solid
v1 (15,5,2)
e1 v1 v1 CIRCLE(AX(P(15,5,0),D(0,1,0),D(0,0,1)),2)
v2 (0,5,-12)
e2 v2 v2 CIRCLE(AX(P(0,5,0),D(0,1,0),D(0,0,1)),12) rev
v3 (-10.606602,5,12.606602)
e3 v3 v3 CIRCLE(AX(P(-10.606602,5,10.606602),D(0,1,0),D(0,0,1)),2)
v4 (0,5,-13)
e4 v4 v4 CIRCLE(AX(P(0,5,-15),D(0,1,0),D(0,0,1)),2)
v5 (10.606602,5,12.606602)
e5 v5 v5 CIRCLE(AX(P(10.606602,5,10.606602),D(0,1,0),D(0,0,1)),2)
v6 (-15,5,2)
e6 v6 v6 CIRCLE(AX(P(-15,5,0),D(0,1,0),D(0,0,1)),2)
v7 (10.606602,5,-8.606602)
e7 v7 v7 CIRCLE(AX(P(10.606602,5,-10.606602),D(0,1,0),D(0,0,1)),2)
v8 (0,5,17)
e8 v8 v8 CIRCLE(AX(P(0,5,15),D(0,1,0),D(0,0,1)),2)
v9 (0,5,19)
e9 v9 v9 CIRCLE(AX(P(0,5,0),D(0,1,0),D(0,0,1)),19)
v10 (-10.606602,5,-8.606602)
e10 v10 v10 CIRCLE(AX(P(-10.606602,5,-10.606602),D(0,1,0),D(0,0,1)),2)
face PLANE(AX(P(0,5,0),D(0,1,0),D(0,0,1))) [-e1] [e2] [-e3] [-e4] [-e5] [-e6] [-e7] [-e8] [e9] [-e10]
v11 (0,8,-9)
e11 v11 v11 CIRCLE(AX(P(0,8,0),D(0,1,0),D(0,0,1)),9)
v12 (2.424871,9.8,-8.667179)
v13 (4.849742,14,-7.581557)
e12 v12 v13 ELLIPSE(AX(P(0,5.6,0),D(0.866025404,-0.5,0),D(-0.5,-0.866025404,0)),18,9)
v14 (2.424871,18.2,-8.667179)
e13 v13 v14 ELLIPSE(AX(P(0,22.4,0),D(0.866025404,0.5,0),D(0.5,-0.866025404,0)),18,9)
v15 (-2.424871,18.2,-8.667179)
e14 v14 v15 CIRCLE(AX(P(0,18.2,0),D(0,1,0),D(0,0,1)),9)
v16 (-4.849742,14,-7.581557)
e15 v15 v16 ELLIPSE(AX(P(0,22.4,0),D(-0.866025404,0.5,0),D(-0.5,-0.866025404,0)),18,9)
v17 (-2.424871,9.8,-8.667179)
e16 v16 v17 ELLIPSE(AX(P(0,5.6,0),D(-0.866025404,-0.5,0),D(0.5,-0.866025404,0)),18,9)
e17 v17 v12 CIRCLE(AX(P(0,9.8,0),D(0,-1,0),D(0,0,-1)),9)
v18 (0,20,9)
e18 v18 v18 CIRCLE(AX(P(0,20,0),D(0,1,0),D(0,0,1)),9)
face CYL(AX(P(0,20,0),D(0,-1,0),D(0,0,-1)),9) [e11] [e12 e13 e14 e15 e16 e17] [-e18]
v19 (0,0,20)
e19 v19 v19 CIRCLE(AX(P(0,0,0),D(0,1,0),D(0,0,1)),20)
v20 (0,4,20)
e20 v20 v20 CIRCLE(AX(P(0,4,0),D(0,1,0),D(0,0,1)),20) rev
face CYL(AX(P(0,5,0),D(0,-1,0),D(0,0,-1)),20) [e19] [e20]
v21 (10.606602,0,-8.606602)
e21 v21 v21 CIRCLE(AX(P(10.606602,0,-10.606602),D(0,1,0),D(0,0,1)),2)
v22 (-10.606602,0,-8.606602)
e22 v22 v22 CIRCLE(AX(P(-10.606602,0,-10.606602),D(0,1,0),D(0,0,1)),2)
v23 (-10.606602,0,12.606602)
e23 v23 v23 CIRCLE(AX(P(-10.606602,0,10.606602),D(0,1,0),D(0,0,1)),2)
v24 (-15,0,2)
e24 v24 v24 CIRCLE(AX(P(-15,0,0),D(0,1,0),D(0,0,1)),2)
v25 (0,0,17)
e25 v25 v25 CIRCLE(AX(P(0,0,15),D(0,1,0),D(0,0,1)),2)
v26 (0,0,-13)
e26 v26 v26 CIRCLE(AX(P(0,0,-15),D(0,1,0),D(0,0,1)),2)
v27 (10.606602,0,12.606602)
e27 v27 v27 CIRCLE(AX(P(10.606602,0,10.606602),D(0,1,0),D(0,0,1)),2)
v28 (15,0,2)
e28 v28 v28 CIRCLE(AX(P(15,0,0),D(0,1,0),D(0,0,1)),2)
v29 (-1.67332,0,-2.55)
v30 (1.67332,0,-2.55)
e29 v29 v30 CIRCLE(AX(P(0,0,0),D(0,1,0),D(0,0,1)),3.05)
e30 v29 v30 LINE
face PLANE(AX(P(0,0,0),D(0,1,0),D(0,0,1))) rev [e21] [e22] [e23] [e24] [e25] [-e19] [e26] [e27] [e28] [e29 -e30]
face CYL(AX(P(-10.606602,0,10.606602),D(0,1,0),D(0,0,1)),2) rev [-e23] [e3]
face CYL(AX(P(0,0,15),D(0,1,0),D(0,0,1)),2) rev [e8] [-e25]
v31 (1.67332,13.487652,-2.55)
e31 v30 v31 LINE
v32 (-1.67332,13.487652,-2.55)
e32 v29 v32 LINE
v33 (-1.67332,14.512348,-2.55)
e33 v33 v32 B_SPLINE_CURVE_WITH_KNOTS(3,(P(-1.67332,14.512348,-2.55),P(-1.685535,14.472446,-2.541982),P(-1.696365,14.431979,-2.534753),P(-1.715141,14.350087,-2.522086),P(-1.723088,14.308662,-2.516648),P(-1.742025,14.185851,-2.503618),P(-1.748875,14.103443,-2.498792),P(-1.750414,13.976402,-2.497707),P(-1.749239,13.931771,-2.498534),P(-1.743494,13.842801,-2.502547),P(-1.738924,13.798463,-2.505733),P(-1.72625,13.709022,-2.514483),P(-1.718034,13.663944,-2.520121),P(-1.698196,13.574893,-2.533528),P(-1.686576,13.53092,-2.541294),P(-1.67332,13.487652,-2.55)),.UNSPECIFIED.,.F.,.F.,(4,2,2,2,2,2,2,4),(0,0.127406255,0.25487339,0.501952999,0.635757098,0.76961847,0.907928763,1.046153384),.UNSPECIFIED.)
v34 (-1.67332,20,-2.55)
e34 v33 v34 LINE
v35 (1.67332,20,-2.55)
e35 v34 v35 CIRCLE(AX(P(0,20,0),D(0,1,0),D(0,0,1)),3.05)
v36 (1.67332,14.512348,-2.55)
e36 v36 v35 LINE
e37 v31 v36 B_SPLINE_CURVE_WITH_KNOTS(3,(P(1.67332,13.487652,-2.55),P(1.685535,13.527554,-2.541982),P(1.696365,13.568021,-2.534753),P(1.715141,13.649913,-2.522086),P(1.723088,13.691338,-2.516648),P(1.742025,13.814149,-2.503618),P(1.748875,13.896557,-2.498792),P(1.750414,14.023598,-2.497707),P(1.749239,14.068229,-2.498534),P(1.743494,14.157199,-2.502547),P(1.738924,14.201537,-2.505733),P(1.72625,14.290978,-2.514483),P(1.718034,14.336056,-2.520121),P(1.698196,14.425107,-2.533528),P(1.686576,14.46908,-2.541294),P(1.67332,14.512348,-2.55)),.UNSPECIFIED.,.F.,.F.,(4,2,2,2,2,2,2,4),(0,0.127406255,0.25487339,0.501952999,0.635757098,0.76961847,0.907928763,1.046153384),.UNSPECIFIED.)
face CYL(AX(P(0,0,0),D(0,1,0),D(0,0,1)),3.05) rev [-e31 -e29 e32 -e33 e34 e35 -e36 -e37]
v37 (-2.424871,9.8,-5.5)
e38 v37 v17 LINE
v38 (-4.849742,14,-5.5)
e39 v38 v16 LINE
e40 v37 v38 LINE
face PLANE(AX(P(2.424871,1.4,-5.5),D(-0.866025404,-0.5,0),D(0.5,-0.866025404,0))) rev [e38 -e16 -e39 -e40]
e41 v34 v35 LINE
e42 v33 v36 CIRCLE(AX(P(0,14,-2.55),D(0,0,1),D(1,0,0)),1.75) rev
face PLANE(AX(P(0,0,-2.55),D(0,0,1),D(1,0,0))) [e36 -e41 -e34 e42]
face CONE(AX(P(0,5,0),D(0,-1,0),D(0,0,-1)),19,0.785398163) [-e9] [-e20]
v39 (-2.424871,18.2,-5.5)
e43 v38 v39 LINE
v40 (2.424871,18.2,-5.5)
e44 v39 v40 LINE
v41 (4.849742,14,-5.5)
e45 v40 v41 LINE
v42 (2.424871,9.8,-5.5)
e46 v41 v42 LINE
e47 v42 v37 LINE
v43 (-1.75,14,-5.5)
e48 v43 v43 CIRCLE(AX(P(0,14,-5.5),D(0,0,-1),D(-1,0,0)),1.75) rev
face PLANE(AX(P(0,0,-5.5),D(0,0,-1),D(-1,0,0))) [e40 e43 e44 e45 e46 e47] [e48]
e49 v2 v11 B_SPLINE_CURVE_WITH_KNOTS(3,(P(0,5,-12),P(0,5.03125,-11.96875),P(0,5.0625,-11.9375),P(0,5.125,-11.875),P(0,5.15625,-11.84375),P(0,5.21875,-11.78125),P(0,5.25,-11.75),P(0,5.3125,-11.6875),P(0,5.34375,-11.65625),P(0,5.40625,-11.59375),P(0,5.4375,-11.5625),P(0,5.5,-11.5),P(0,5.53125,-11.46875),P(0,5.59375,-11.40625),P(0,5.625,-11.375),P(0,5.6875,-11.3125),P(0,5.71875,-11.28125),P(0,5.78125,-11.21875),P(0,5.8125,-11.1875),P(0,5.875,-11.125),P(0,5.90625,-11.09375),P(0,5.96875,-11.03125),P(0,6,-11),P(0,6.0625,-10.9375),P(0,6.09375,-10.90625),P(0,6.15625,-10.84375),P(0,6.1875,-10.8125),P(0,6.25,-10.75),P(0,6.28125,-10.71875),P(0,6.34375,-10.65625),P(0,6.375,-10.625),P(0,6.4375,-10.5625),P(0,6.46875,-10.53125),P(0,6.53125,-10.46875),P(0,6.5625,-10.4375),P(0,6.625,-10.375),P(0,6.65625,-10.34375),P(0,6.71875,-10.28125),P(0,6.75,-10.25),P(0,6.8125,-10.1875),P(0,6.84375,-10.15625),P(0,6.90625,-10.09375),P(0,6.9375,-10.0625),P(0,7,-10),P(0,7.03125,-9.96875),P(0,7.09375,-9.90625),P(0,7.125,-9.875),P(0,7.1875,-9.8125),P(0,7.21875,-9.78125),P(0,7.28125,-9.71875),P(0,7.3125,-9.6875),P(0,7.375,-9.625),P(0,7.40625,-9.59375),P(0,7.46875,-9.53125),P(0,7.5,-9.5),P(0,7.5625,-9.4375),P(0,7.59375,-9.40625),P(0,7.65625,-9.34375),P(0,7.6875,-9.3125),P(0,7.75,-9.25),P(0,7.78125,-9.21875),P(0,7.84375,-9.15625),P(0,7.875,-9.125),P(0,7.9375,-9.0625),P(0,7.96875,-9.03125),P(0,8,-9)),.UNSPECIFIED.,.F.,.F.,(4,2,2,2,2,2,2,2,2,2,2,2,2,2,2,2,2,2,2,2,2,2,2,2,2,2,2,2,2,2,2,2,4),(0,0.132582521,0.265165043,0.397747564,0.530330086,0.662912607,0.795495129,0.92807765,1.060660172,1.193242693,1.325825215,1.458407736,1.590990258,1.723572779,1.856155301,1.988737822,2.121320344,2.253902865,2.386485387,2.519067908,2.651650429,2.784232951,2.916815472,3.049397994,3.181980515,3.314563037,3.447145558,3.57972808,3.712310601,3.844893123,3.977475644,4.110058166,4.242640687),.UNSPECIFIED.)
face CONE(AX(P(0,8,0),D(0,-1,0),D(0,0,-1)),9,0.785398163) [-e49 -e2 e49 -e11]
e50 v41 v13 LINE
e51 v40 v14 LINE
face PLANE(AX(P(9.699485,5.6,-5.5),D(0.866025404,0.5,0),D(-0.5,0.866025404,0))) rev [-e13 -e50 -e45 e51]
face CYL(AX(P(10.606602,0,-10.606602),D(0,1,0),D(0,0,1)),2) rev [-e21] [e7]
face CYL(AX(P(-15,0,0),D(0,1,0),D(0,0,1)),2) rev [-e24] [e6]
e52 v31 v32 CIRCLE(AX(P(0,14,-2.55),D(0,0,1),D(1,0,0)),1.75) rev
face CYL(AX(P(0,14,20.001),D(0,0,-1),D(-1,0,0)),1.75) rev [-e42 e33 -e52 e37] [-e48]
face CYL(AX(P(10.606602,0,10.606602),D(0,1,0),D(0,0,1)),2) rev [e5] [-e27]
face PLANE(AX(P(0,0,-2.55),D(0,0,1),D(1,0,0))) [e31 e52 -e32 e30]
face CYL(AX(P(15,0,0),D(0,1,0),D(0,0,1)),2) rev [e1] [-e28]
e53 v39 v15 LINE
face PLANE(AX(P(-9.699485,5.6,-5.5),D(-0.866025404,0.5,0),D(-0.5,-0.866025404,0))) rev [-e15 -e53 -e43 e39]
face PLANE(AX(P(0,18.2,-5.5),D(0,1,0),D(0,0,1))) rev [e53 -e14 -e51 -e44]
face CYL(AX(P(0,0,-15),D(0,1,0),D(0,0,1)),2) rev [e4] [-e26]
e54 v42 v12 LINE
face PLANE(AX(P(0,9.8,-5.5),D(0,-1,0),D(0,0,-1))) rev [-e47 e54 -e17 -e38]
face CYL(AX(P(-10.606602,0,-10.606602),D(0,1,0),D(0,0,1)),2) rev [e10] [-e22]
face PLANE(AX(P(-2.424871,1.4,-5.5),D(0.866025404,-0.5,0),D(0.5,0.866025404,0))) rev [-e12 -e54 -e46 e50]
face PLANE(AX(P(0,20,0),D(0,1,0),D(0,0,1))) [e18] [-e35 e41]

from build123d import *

# Parameters (mm, degrees)
SKETCH1_R           = 20
BOSS_EXTRUDE1_DEPTH = 5
SKETCH2_R           = 2
CUT_EXTRUDE1_DEPTH  = 29.722813233
SKETCH3_R           = 9
BOSS_EXTRUDE2_DEPTH = 15
CUT_EXTRUDE2_DEPTH  = 35.641016151
CHAMFER3_SIZE       = 3
CHAMFER4_SIZE       = 1
CUT_EXTRUDE7_DEPTH  = 3.5
CUT_EXTRUDE8_REACH  = 42.509
SKETCH10_3_R        = 1.75


with BuildPart() as part:
    # Sketch1 → Boss-Extrude1 (new body)
    with BuildSketch(Plane(origin=(0, 0, 0), x_dir=(1, 0, 0), z_dir=(0, 1, 0))):
        Circle(SKETCH1_R)
    extrude(amount=BOSS_EXTRUDE1_DEPTH)

    # Sketch2 → Cut-Extrude1 (cut, through all)
    with BuildSketch(Plane(origin=(0, 5, 0), x_dir=(1, 0, 0), z_dir=(0, 1, 0))):
        with Locations((0, 15)):
            Circle(SKETCH2_R)
        with Locations((10.606601718, 10.606601718)):
            Circle(SKETCH2_R)
        with Locations((15, 0)):
            Circle(SKETCH2_R)
        with Locations((10.606601718, -10.606601718)):
            Circle(SKETCH2_R)
        with Locations((0, -15)):
            Circle(SKETCH2_R)
        with Locations((-10.606601718, -10.606601718)):
            Circle(SKETCH2_R)
        with Locations((-15, 0)):
            Circle(SKETCH2_R)
        with Locations((-10.606601718, 10.606601718)):
            Circle(SKETCH2_R)
    extrude(amount=-CUT_EXTRUDE1_DEPTH, mode=Mode.SUBTRACT)

    # Sketch3 → Boss-Extrude2 (add)
    with BuildSketch(Plane(origin=(0, 5, 0), x_dir=(1, 0, 0), z_dir=(0, 1, 0))):
        Circle(SKETCH3_R)
    extrude(amount=BOSS_EXTRUDE2_DEPTH)

    # Sketch4 → Cut-Extrude2 (cut, through all)
    with BuildSketch(Plane(origin=(0, 20, 0), x_dir=(1, 0, 0), z_dir=(0, 1, 0))):
        with BuildLine():
            Line((1.673320053, 2.55), (-1.673320053, 2.55))
            ThreePointArc((-1.673320053, 2.55), (-1.44894338, -2.683852284), (3.05, 0))
            ThreePointArc((3.05, 0), (2.683852284, 1.44894338), (1.673320053, 2.55))
        make_face()
    extrude(amount=-CUT_EXTRUDE2_DEPTH, mode=Mode.SUBTRACT)

    # Chamfer3
    chamfer3_edges = [part.edges().sort_by_distance(p)[0] for p in [
        (-9, 5, 0),
    ]]
    chamfer(chamfer3_edges, length=CHAMFER3_SIZE)

    # Chamfer4
    chamfer4_edges = [part.edges().sort_by_distance(p)[0] for p in [
        (-20, 5, 0),
    ]]
    chamfer(chamfer4_edges, length=CHAMFER4_SIZE)

    # Sketch10 → Cut-Extrude7 (cut)
    with BuildSketch(Plane(origin=(0, 0, -9), x_dir=(-1, 0, 0), z_dir=(0, 0, -1))):
        Polygon((4.849742261, 14), (2.424871131, 18.2), (-2.424871131, 18.2), (-4.849742261, 14), (-2.424871131, 9.8), (2.424871131, 9.8), align=None)
    extrude(amount=-CUT_EXTRUDE7_DEPTH, mode=Mode.SUBTRACT)

    # Sketch10<3> → Cut-Extrude8 (cut, up to next)
    with BuildSketch(Plane(origin=(0, 0, -9), x_dir=(-1, 0, 0), z_dir=(0, 0, -1)), mode=Mode.PRIVATE) as cut_extrude8_sk1:
        with Locations((0, 14)):
            Circle(SKETCH10_3_R)
    cut_extrude8_tool1 = extrude(cut_extrude8_sk1.sketch, amount=-CUT_EXTRUDE8_REACH, mode=Mode.PRIVATE) & part.part
    add(cut_extrude8_tool1.solids().sort_by_distance((0, 14, -9))[0], mode=Mode.SUBTRACT)


solid = part.part
